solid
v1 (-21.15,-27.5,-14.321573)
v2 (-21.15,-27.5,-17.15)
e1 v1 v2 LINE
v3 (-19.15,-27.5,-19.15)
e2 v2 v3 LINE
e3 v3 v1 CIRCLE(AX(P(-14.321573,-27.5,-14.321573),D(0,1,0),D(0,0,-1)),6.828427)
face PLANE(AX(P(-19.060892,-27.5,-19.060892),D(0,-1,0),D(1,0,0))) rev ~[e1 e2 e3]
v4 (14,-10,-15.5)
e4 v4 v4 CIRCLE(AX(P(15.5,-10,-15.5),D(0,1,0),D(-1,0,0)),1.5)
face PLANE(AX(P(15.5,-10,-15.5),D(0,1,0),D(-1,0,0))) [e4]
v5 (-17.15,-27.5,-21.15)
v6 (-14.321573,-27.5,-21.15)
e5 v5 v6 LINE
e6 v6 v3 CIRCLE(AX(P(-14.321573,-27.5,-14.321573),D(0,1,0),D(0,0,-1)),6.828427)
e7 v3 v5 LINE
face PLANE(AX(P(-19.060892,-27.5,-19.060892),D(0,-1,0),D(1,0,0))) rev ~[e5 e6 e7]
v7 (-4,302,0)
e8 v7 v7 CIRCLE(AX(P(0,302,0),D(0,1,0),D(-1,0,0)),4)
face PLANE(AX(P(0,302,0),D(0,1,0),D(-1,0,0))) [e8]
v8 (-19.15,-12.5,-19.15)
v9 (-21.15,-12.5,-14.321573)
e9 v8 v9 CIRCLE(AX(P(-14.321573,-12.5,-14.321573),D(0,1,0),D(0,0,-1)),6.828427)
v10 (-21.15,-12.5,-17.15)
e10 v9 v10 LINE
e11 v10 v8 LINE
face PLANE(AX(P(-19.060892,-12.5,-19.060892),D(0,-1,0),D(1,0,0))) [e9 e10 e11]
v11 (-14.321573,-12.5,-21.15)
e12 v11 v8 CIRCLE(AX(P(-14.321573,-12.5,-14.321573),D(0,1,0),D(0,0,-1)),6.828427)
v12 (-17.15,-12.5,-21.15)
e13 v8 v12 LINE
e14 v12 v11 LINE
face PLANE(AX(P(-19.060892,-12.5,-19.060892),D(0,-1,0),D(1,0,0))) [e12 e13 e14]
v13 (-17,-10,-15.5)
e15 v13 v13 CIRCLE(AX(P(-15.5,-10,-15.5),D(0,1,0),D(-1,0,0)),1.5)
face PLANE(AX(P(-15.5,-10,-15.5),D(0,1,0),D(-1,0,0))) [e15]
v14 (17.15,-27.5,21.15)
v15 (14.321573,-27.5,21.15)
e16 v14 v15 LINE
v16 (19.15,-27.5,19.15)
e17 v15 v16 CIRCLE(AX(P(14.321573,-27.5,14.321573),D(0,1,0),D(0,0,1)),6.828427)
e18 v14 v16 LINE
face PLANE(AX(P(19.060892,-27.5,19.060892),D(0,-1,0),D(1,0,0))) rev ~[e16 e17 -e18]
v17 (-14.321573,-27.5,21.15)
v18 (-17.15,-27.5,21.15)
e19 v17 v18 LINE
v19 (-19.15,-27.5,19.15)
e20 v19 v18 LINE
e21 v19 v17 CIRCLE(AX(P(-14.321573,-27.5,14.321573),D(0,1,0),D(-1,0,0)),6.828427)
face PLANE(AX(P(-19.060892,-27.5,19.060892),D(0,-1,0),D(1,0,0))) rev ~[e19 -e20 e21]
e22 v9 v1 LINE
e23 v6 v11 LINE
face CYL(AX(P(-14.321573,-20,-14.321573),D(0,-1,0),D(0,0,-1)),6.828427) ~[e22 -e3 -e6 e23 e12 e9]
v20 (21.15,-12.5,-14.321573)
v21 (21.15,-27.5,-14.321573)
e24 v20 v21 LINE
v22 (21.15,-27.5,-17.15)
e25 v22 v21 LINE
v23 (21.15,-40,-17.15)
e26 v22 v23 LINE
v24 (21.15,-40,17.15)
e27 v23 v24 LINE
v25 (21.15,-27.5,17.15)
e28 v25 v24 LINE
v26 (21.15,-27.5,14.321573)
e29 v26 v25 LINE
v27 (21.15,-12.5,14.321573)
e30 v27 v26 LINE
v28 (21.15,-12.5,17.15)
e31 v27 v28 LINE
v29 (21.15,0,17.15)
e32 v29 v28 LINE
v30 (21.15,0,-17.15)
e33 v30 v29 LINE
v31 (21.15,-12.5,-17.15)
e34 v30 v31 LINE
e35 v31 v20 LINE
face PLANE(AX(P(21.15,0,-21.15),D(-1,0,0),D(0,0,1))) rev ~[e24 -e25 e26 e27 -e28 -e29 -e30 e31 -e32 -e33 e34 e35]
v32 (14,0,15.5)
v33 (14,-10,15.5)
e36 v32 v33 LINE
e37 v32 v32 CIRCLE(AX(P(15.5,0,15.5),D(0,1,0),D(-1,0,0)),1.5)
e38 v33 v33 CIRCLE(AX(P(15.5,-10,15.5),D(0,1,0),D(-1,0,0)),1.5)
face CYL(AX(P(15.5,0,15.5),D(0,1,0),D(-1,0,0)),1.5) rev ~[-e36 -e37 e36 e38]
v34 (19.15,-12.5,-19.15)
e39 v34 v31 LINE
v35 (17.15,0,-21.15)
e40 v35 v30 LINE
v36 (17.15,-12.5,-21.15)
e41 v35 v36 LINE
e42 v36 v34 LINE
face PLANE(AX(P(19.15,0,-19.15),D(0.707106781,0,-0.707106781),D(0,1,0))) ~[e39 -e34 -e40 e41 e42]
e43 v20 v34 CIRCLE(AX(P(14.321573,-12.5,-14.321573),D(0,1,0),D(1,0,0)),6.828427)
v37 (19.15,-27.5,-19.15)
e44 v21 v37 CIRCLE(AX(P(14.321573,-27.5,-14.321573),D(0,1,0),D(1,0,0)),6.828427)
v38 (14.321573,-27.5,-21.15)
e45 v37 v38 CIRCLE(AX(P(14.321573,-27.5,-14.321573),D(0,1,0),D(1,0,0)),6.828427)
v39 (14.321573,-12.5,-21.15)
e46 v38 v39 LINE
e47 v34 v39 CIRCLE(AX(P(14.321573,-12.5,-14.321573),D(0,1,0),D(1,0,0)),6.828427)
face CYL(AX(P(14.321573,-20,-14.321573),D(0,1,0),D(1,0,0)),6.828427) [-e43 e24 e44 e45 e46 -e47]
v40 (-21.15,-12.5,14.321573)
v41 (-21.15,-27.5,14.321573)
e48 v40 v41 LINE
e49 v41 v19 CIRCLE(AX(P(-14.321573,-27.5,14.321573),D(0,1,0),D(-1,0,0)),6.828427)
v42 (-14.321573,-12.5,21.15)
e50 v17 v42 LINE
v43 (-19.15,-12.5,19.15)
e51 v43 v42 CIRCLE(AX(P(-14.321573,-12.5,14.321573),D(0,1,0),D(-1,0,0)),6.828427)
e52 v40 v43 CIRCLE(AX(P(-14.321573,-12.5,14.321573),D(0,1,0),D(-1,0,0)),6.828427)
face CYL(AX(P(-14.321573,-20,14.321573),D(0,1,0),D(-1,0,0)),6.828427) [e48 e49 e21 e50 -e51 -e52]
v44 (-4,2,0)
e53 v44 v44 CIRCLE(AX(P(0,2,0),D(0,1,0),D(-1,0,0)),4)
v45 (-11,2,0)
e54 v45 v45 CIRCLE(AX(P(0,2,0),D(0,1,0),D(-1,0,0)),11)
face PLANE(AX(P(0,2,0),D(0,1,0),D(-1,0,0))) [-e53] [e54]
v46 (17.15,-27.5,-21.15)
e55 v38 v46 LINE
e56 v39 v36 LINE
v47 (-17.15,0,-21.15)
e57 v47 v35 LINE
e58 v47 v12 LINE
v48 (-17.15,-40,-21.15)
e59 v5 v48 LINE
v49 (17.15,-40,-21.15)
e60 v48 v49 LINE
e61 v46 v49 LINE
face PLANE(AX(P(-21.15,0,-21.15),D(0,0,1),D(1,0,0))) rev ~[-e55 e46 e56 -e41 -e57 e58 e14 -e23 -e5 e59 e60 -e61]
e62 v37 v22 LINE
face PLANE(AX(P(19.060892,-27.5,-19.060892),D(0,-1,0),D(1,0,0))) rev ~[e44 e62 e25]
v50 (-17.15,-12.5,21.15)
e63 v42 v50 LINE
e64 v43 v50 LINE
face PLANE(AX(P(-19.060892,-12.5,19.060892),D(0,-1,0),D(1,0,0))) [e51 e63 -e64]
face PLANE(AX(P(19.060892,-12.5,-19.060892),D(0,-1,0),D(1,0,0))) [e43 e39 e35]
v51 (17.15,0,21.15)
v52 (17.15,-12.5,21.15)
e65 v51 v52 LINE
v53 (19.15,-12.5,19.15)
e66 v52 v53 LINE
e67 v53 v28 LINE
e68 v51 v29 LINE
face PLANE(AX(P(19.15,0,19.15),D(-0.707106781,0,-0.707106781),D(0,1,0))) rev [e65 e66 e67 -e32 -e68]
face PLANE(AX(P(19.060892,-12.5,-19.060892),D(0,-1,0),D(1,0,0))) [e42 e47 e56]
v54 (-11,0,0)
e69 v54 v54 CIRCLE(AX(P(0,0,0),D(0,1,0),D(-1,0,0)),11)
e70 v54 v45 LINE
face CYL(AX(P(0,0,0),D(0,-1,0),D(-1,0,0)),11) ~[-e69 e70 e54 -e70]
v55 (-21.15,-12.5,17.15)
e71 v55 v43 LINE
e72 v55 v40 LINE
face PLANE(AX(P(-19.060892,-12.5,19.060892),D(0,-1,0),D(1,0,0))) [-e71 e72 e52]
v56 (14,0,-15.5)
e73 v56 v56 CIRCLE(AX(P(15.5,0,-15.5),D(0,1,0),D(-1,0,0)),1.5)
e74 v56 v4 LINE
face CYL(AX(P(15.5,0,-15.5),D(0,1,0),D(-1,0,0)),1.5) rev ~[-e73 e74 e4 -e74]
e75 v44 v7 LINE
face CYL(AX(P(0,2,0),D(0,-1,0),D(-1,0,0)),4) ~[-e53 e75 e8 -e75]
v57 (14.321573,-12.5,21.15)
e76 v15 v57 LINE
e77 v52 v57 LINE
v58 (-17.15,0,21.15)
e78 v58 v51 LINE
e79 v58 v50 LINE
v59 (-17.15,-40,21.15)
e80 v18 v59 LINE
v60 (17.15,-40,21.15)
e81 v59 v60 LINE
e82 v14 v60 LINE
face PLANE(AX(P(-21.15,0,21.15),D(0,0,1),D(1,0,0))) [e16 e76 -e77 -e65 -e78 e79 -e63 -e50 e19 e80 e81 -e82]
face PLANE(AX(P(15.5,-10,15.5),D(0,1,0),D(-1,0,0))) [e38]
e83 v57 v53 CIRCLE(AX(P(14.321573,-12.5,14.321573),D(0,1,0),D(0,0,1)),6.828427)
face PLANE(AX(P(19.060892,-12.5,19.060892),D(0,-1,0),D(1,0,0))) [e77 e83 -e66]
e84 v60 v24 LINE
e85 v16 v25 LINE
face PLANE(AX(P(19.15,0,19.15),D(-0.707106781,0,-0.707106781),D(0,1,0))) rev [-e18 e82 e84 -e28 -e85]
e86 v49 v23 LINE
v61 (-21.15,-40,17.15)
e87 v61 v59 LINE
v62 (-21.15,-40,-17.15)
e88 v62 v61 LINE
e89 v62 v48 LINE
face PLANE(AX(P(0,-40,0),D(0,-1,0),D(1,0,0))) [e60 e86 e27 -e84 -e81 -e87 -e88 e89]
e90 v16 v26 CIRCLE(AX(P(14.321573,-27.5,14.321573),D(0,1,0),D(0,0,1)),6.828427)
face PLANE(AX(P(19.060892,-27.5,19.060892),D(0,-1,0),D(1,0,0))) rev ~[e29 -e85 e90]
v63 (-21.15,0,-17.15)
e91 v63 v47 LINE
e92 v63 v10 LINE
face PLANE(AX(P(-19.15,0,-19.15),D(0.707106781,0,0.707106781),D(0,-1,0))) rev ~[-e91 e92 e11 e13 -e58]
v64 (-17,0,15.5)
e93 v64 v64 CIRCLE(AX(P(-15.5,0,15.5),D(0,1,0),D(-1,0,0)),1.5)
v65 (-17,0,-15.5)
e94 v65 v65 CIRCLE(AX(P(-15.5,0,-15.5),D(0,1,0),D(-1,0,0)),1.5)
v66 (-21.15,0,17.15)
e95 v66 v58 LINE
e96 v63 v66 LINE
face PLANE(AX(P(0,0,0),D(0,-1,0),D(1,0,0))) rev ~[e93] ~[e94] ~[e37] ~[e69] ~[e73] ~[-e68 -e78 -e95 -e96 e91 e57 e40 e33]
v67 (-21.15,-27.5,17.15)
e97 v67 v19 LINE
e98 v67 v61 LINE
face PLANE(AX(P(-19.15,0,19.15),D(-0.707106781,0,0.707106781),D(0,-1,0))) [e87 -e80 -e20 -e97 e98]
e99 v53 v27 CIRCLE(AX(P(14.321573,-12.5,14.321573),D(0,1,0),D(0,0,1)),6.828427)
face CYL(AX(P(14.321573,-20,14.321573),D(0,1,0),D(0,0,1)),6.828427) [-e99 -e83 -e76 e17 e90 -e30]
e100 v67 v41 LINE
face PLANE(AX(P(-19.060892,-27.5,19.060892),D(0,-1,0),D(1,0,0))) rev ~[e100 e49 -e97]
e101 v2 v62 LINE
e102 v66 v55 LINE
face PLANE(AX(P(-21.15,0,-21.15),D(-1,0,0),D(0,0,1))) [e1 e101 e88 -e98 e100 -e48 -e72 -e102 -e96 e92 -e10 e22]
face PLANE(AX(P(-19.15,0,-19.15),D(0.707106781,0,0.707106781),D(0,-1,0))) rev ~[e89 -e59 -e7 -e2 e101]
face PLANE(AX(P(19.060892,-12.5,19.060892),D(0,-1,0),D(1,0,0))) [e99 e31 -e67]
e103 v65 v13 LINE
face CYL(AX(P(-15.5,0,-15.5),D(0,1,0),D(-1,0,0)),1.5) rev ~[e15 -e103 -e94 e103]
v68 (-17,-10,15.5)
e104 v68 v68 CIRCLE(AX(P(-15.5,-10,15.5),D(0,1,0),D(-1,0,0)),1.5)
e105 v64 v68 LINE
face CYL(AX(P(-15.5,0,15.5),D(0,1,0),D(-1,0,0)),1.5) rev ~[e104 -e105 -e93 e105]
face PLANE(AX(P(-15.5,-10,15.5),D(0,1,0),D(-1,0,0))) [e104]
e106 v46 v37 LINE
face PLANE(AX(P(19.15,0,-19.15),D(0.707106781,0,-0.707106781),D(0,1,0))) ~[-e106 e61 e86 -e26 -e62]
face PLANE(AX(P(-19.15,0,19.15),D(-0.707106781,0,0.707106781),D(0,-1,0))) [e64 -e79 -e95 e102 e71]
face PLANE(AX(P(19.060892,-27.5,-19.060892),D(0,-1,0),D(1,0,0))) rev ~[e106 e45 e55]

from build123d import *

# Parameters (mm, degrees)
F0_W      = 42.3
F0_H      = 42.3
F1_DEPTH  = 40
F2_R      = 11
F3_DEPTH  = 2
F4_R      = 4
F5_DEPTH  = 300
F6_SIZE   = 4
F9_DEPTH  = 7.5
F10_R     = 1.5
F11_DEPTH = 10


with BuildPart() as f1:
    # F0 (on Front) → F1 (new body)
    with BuildSketch(Plane.XZ):
        Rectangle(F0_W, F0_H)
    extrude(amount=F1_DEPTH)

    # F2 (on face) → F3 (join)
    with BuildSketch(Plane(origin=(0, 0, 0), x_dir=(-1, 0, 0), z_dir=(0, 1, 0))):
        Circle(F2_R)
    extrude(amount=F3_DEPTH)

    # F4 (on face) → F5 (join)
    with BuildSketch(Plane(origin=(0, 2, 0), x_dir=(-1, 0, 0), z_dir=(0, 1, 0))):
        Circle(F4_R)
    extrude(amount=F5_DEPTH)

    # F6
    f6_edges = [f1.edges().sort_by_distance(p)[0] for p in [
        (-21.15, -20, 21.15),
        (-21.15, -20, -21.15),
        (21.15, -20, -21.15),
        (21.15, -20, 21.15),
    ]]
    chamfer(f6_edges, length=F6_SIZE)

    # F8 (on offset) → F9 (cut, symmetric)
    with BuildSketch(Plane.XZ.offset(20)):
        with BuildLine():
            ThreePointArc((14.3215728753, 21.15), (19.15, 19.15), (21.15, 14.3215728753))
            Line((21.15, 14.3215728753), (21.15, 21.15))
            Line((21.15, 21.15), (14.3215728753, 21.15))
        make_face()
        with BuildLine():
            Line((-21.15, 21.15), (-21.15, 14.3215728753))
            ThreePointArc((-21.15, 14.3215728753), (-19.15, 19.15), (-14.3215728753, 21.15))
            Line((-14.3215728753, 21.15), (-21.15, 21.15))
        make_face()
        with BuildLine():
            Line((21.15, -21.15), (21.15, -14.3215728753))
            ThreePointArc((21.15, -14.3215728753), (19.15, -19.15), (14.3215728753, -21.15))
            Line((14.3215728753, -21.15), (21.15, -21.15))
        make_face()
        with BuildLine():
            ThreePointArc((-14.3215728753, -21.15), (-19.15, -19.15), (-21.15, -14.3215728753))
            Line((-21.15, -14.3215728753), (-21.15, -21.15))
            Line((-21.15, -21.15), (-14.3215728753, -21.15))
        make_face()
    extrude(amount=F9_DEPTH, both=True, mode=Mode.SUBTRACT)

    # F10 (on face) → F11 (cut)
    with BuildSketch(Plane(origin=(0, 0, 0), x_dir=(-1, 0, 0), z_dir=(0, 1, 0))):
        with Locations((-15.5, 15.5)):
            Circle(F10_R)
        with Locations((15.5, 15.5)):
            Circle(F10_R)
        with Locations((-15.5, -15.5)):
            Circle(F10_R)
        with Locations((15.5, -15.5)):
            Circle(F10_R)
    extrude(amount=-F11_DEPTH, mode=Mode.SUBTRACT)


solid = f1.part
